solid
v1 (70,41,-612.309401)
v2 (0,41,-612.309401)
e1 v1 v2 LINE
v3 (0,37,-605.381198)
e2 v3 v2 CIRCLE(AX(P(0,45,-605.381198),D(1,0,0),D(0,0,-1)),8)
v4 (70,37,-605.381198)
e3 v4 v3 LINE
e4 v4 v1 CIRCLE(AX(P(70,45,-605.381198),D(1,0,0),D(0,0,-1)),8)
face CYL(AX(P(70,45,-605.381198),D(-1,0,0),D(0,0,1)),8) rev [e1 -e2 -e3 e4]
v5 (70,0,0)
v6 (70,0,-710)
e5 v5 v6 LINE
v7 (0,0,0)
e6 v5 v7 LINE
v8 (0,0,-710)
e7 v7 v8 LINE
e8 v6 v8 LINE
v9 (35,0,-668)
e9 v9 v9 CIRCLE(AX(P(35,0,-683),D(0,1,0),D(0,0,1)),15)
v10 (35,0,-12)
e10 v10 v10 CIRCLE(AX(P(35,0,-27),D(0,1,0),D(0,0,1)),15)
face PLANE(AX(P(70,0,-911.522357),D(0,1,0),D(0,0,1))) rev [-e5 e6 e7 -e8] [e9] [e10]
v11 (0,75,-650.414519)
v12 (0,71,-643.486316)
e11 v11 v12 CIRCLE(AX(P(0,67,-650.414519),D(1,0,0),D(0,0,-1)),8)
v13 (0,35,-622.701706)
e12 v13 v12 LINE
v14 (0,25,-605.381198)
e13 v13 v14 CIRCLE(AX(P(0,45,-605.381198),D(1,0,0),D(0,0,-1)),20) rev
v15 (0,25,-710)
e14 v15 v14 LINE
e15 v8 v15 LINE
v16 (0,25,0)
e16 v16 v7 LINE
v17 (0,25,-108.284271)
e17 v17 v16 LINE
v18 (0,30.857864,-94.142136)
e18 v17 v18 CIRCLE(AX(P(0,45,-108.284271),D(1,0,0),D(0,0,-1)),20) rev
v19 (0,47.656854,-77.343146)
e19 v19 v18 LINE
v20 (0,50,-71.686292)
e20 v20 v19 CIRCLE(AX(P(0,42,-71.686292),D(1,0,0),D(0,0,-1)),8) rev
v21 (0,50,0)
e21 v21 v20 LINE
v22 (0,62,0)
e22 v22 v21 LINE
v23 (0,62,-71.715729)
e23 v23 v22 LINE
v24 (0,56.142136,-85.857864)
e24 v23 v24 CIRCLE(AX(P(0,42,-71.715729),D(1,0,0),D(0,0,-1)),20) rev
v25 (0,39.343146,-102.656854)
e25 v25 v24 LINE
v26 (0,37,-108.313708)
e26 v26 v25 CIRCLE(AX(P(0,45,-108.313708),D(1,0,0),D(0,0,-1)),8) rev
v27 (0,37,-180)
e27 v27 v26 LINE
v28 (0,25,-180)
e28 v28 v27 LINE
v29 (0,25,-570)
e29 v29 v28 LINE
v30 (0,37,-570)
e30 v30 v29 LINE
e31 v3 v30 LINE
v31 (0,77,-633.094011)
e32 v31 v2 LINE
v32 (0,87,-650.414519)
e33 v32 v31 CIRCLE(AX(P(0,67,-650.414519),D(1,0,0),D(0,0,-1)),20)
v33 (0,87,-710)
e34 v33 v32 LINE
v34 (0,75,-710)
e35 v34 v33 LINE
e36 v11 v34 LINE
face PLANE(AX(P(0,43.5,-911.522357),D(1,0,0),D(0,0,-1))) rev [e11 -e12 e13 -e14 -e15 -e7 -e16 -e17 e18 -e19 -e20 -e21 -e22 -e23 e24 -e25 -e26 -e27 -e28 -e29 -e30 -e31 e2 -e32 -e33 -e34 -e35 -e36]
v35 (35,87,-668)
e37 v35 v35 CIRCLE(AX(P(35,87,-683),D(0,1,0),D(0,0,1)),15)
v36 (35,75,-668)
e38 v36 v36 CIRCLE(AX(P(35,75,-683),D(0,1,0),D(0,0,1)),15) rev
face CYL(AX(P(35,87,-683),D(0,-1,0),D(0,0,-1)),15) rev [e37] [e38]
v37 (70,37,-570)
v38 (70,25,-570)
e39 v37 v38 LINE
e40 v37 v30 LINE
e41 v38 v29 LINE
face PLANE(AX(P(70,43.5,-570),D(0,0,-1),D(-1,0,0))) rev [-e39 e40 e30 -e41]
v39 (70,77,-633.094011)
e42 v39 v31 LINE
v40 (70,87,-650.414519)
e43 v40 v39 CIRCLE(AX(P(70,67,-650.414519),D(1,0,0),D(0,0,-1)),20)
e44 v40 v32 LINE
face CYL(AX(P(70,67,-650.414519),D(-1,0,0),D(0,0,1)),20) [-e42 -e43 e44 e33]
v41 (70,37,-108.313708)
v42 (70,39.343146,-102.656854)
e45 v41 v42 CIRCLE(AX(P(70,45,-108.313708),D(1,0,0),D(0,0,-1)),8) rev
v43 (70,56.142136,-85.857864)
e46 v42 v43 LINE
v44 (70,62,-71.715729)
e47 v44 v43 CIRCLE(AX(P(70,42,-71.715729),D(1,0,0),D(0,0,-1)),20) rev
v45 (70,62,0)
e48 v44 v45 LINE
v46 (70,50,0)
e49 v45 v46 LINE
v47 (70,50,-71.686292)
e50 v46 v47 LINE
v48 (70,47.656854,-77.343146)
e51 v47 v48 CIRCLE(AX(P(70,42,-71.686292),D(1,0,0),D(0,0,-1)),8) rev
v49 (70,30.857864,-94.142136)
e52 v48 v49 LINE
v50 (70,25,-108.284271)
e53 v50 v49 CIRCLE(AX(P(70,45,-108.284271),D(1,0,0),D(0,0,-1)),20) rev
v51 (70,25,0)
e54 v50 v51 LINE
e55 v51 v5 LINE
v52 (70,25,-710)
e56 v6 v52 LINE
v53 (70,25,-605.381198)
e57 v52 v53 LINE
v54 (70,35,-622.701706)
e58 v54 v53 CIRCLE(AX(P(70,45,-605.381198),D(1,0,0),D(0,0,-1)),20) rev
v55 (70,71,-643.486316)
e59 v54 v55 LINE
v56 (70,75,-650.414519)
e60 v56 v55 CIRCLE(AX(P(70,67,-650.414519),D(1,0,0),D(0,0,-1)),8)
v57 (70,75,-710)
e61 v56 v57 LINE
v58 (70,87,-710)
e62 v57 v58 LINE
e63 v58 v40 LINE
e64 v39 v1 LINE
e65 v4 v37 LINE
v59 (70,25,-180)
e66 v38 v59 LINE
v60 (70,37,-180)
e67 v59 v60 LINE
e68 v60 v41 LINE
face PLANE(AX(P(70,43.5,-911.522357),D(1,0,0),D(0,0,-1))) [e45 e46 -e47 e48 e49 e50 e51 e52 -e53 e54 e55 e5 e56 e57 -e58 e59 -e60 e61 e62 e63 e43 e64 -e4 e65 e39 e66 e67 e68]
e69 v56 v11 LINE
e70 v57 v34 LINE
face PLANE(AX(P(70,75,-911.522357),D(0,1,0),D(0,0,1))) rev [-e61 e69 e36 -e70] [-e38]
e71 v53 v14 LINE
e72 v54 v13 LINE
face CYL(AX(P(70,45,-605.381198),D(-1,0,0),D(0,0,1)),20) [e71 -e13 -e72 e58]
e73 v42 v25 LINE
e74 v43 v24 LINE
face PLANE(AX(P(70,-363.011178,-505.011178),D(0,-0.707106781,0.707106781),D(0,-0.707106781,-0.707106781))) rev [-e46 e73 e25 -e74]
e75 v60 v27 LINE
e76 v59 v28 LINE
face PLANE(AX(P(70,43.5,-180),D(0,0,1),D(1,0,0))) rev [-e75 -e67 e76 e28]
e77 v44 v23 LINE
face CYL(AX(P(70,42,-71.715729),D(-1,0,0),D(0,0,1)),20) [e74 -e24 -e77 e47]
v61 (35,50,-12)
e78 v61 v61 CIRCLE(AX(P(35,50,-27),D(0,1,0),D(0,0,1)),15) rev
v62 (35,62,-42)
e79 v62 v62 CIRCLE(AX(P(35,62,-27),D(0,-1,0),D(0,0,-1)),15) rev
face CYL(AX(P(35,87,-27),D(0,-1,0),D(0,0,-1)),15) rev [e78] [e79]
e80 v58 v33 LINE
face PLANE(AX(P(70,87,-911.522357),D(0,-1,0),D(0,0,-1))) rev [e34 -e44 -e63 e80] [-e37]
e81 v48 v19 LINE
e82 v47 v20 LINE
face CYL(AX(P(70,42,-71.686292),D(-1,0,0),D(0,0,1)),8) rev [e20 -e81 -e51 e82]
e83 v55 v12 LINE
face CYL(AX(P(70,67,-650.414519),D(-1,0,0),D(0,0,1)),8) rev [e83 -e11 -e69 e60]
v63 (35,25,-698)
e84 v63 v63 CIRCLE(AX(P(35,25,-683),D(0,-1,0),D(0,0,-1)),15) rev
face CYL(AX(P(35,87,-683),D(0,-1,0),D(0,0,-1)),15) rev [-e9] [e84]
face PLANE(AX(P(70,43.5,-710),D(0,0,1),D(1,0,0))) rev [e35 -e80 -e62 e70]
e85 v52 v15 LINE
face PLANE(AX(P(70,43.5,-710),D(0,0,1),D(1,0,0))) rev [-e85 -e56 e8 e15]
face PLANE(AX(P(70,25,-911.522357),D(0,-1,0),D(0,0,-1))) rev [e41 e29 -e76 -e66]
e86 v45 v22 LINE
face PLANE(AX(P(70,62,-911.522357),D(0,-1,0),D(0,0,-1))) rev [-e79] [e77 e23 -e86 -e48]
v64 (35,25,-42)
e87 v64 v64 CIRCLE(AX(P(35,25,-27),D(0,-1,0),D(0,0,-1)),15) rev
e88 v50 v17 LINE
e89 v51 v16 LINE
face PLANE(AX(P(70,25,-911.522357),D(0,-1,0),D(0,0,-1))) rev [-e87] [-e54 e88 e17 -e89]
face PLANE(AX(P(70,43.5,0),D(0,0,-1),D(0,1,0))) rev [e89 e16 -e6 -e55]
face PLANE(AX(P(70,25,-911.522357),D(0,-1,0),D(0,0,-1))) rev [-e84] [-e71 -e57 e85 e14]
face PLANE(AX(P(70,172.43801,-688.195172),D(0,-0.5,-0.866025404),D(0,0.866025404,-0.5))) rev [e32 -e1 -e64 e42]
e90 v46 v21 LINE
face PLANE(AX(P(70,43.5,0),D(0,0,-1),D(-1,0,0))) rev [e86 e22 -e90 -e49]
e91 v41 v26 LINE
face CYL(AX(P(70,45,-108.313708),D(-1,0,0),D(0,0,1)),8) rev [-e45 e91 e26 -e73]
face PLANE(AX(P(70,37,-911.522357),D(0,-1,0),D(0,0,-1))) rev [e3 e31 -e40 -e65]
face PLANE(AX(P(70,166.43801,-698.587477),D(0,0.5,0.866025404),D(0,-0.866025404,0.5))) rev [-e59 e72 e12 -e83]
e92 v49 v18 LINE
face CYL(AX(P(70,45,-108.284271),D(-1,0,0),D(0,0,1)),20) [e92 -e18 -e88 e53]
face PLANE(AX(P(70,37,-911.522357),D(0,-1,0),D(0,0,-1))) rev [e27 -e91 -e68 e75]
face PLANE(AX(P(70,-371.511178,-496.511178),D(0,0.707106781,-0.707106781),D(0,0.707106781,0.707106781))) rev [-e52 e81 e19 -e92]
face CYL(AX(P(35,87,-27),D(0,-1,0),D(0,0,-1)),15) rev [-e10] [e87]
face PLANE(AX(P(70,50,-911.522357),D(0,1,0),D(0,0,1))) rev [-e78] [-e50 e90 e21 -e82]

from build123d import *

# Parameters (mm, degrees)
BOSS_EXTRUDE1_DEPTH = 70
SKETCH2_R           = 15
CUT_EXTRUDE1_DEPTH  = 88


with BuildPart() as part:
    # Sketch1 → Boss-Extrude1 (new body)
    with BuildSketch(Plane(origin=(0, 0, 0), x_dir=(0, 0, -1), z_dir=(1, 0, 0))):
        with BuildLine():
            ThreePointArc((94.142135624, 30.857864376), (100.6306026, 26.52240935), (108.284271247, 25))
            Line((108.284271247, 25), (0, 25))
            Line((0, 25), (0, 0))
            Line((0, 0), (710, 0))
            Line((710, 0), (710, 25))
            Line((710, 25), (605.381197846, 25))
            ThreePointArc((605.381197846, 25), (615.381197846, 27.679491924), (622.701705922, 35))
            Line((622.701705922, 35), (643.486315613, 71))
            ThreePointArc((643.486315613, 71), (646.414518843, 73.92820323), (650.414518843, 75))
            Line((650.414518843, 75), (710, 75))
            Line((710, 75), (710, 87))
            Line((710, 87), (650.414518843, 87))
            ThreePointArc((650.414518843, 87), (640.414518843, 84.320508076), (633.094010768, 77))
            Line((633.094010768, 77), (612.309401077, 41))
            ThreePointArc((612.309401077, 41), (609.381197846, 38.07179677), (605.381197846, 37))
            Line((605.381197846, 37), (570, 37))
            Line((570, 37), (570, 25))
            Line((570, 25), (180, 25))
            Line((180, 25), (180, 37))
            Line((180, 37), (108.313708499, 37))
            ThreePointArc((108.313708499, 37), (105.25224104, 37.60896374), (102.656854249, 39.343145751))
            Line((102.656854249, 39.343145751), (85.857864376, 56.142135624))
            ThreePointArc((85.857864376, 56.142135624), (79.3693974, 60.47759065), (71.715728753, 62))
            Line((71.715728753, 62), (0, 62))
            Line((0, 62), (0, 50))
            Line((0, 50), (71.686291501, 50))
            ThreePointArc((71.686291501, 50), (74.74775896, 49.39103626), (77.343145751, 47.656854249))
            Line((77.343145751, 47.656854249), (94.142135624, 30.857864376))
        make_face()
    extrude(amount=BOSS_EXTRUDE1_DEPTH)

    # Sketch2 → Cut-Extrude1 (cut, through all)
    with BuildSketch(Plane(origin=(0, 0, 0), x_dir=(1, 0, 0), z_dir=(0, 1, 0))):
        with Locations((35, 683)):
            Circle(SKETCH2_R)
        with Locations((35, 27)):
            Circle(SKETCH2_R)
    extrude(amount=CUT_EXTRUDE1_DEPTH, mode=Mode.SUBTRACT)


solid = part.part
